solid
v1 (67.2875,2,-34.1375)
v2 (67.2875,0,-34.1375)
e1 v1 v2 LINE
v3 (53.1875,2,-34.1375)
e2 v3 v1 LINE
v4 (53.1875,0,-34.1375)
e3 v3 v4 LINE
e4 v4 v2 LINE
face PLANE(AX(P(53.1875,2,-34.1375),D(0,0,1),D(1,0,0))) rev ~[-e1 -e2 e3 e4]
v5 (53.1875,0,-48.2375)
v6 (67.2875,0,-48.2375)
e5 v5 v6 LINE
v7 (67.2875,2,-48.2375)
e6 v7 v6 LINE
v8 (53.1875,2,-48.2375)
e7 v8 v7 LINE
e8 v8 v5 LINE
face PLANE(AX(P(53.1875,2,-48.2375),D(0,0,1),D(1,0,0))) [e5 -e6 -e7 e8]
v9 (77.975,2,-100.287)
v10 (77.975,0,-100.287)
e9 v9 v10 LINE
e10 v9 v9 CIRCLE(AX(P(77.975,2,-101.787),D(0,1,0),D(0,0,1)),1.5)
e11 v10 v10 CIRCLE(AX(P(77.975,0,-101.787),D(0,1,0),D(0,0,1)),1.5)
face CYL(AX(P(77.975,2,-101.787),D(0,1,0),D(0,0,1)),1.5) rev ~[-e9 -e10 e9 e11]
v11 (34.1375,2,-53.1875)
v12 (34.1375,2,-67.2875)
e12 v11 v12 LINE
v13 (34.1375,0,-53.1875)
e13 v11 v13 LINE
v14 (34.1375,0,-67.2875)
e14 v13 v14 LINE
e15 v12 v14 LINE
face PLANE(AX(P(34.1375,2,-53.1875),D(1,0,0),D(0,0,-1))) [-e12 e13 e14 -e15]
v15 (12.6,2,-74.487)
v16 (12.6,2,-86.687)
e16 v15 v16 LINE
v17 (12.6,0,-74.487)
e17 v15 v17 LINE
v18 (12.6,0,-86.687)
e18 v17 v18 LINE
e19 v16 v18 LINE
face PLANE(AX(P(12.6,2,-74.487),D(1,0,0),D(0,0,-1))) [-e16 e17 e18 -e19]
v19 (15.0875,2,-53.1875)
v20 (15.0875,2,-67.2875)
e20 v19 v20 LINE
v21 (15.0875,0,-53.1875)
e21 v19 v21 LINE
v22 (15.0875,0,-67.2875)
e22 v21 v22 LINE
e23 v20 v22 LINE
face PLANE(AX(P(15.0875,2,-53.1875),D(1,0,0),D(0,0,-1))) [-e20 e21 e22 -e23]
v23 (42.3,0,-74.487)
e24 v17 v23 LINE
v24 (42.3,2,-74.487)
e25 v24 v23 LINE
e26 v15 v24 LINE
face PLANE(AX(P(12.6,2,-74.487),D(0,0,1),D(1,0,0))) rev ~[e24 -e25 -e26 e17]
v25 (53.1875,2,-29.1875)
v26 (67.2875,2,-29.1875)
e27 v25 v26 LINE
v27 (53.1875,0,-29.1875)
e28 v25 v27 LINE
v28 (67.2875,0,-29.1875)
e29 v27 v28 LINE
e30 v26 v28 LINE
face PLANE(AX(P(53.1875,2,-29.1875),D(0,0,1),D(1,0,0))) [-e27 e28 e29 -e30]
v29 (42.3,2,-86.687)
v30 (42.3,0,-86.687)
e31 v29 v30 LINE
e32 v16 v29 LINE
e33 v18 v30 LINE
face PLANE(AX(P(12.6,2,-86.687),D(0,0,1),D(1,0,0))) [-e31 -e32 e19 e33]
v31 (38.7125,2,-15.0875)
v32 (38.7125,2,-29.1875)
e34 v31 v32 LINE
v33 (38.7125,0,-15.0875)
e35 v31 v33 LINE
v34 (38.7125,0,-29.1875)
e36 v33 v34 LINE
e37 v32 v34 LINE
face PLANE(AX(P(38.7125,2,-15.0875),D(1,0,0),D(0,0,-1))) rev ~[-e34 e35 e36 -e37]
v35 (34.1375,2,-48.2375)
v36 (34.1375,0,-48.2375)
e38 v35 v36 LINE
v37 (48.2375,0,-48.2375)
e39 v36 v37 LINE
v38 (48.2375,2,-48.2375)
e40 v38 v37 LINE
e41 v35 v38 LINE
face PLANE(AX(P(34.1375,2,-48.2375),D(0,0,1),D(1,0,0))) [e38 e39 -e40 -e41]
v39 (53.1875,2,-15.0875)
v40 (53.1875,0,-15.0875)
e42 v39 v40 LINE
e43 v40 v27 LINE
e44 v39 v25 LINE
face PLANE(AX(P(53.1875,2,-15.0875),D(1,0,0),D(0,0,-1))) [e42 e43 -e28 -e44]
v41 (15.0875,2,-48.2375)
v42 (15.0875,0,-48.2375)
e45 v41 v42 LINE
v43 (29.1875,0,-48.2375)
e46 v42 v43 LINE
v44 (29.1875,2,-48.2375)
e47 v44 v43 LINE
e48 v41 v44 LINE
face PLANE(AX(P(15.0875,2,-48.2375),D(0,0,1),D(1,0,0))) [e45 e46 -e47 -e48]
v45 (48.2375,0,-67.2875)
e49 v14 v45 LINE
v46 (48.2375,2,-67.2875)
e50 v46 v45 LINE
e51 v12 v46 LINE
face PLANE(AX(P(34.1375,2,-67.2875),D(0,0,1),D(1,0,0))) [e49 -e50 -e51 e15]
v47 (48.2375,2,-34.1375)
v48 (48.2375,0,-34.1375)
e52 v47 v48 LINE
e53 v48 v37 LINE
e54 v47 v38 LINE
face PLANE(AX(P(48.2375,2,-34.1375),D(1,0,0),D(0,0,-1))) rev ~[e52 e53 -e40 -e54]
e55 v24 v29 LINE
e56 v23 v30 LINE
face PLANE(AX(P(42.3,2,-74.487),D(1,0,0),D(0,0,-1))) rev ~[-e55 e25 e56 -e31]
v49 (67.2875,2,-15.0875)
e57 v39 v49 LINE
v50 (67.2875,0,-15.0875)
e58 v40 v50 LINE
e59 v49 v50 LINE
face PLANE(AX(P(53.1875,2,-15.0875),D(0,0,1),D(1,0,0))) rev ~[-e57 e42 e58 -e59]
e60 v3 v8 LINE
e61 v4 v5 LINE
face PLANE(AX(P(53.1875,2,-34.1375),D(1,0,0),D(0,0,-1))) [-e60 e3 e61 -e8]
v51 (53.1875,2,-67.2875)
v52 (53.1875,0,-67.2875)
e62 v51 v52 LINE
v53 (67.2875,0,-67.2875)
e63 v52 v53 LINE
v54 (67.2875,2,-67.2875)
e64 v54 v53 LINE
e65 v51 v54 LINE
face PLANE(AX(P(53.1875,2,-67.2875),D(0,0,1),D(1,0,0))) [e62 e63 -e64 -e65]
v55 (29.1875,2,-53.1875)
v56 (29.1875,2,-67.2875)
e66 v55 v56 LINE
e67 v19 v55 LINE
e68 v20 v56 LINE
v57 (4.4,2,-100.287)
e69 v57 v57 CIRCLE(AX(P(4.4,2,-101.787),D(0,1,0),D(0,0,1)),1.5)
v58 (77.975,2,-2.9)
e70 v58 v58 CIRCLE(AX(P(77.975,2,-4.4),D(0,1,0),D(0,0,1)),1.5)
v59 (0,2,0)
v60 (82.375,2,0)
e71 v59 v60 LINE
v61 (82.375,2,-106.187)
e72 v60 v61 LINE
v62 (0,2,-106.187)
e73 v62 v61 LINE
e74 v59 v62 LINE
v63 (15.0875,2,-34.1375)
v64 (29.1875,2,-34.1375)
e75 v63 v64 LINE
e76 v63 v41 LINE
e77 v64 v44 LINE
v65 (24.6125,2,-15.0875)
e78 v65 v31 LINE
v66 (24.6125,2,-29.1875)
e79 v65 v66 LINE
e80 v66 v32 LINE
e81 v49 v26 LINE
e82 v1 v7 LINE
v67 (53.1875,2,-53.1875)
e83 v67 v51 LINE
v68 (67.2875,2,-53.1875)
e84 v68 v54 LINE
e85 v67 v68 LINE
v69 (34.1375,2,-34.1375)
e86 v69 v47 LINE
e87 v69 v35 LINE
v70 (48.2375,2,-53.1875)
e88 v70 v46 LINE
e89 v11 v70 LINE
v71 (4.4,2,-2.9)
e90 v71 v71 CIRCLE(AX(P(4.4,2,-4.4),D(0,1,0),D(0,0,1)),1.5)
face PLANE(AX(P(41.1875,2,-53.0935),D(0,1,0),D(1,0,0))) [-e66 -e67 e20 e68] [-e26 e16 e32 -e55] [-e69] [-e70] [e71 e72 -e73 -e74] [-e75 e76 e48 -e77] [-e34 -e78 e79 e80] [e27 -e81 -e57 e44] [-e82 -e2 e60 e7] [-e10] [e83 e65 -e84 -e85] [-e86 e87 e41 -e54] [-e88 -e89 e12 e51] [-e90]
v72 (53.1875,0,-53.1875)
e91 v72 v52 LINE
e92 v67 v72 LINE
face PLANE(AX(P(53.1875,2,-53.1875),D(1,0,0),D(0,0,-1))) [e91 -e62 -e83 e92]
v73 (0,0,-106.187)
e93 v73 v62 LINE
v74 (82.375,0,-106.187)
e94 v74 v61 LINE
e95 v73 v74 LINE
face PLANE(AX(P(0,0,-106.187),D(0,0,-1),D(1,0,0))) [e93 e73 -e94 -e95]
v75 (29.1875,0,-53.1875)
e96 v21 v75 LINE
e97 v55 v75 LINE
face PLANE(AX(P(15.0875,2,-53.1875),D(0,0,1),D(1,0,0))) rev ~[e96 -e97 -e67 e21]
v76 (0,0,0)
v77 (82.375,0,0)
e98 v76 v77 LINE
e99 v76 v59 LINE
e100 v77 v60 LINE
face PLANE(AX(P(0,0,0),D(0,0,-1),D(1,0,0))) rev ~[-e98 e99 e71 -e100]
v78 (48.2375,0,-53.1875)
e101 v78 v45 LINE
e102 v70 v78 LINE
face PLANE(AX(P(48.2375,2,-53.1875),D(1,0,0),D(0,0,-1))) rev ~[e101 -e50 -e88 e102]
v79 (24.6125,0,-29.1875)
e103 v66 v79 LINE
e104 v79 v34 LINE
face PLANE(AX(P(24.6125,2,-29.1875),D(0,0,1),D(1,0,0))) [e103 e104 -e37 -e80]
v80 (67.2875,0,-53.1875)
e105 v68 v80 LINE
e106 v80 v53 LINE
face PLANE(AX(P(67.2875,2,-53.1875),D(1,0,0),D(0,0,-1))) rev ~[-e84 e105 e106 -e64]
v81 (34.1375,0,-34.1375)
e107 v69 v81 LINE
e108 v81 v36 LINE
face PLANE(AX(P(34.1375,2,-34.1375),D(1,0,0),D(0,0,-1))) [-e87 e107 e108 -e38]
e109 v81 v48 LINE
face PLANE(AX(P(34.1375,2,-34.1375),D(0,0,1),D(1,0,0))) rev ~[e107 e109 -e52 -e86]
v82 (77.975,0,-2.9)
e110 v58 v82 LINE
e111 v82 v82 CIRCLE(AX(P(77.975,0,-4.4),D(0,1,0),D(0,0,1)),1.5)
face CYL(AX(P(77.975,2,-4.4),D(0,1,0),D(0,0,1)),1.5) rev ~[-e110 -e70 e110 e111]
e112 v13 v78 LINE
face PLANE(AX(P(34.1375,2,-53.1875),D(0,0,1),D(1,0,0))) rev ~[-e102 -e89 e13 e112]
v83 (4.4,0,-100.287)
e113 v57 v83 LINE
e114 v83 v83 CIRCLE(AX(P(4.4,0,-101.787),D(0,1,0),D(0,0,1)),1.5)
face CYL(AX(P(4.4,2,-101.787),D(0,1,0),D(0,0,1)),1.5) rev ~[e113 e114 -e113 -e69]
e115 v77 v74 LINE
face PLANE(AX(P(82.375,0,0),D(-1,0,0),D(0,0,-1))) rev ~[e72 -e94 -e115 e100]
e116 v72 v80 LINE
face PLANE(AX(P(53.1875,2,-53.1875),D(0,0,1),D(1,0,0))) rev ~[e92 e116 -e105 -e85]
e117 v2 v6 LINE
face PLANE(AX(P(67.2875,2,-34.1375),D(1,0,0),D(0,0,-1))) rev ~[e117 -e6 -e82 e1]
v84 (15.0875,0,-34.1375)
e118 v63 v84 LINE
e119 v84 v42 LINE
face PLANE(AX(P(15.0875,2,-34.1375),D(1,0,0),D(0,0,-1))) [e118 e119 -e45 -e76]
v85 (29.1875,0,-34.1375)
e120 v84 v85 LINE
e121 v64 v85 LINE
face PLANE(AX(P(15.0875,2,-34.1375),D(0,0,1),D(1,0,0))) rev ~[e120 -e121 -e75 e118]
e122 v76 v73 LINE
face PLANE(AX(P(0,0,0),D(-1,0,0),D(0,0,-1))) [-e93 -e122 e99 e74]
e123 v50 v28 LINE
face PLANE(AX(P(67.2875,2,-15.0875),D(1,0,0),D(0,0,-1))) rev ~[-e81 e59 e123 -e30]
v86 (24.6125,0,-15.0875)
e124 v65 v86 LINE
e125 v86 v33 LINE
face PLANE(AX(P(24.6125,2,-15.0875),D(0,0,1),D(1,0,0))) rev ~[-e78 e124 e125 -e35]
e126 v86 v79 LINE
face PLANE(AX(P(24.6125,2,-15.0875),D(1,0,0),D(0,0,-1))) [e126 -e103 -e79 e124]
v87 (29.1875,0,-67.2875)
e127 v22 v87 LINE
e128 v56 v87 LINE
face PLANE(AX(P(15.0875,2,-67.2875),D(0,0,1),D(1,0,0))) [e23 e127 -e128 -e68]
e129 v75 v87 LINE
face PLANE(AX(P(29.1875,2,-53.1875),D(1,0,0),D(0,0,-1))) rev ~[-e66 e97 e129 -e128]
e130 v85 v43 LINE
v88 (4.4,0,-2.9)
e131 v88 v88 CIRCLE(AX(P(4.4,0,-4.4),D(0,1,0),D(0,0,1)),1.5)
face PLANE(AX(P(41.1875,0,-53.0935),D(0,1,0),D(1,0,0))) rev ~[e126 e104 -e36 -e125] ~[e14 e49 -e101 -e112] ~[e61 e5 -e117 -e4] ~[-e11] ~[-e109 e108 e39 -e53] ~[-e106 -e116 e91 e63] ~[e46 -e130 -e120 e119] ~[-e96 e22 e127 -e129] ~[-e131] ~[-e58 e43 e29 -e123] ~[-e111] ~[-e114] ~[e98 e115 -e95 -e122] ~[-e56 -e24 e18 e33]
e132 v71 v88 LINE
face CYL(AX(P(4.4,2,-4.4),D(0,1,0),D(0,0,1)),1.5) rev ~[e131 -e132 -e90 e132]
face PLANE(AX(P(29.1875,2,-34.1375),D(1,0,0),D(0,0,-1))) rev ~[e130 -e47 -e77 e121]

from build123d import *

# Parameters (mm, degrees)
SKETCH1_W           = 82.375
SKETCH1_H           = 106.187
ACRYLIC_SHEET_DEPTH = 2
SKETCH2_R           = 1.5
SKETCH2_W           = 14.1
SKETCH2_H           = 14.1
SKETCH2_W_2         = 29.7
SKETCH2_H_2         = 12.2
ACRYLIC_CUT_DEPTH   = 135.407289959


with BuildPart() as part:
    # Sketch1 → Acrylic-Sheet (new body)
    with BuildSketch(Plane(origin=(0, 0, 0), x_dir=(1, 0, 0), z_dir=(0, 1, 0))):
        with Locations((41.1875, 53.0935)):
            Rectangle(SKETCH1_W, SKETCH1_H)
    extrude(amount=ACRYLIC_SHEET_DEPTH)

    # Sketch2 → Acrylic-Cut (cut, through all)
    with BuildSketch(Plane(origin=(0, 2, 0), x_dir=(1, 0, 0), z_dir=(0, 1, 0))):
        with Locations(Location((4.4, 101.787, 0), (0, 0, 270))):
            Circle(SKETCH2_R)
        with Locations(Location((77.975, 101.787, 0), (0, 0, 270))):
            Circle(SKETCH2_R)
        with Locations(Location((77.975, 4.4, 0), (0, 0, 270))):
            Circle(SKETCH2_R)
        with Locations(Location((4.4, 4.4, 0), (0, 0, 270))):
            Circle(SKETCH2_R)
        with Locations((22.1375, 60.2375)):
            Rectangle(SKETCH2_W, SKETCH2_H)
        with Locations((27.45, 80.587)):
            Rectangle(SKETCH2_W_2, SKETCH2_H_2)
        with Locations((41.1875, 60.2375)):
            Rectangle(SKETCH2_W, SKETCH2_H)
        with Locations((60.2375, 60.2375)):
            Rectangle(SKETCH2_W, SKETCH2_H)
        with Locations((22.1375, 41.1875)):
            Rectangle(SKETCH2_W, SKETCH2_H)
        with Locations((41.1875, 41.1875)):
            Rectangle(SKETCH2_W, SKETCH2_H)
        with Locations((60.2375, 41.1875)):
            Rectangle(SKETCH2_W, SKETCH2_H)
        with Locations((31.6625, 22.1375)):
            Rectangle(SKETCH2_W, SKETCH2_H)
        with Locations((60.2375, 22.1375)):
            Rectangle(SKETCH2_W, SKETCH2_H)
    extrude(amount=-ACRYLIC_CUT_DEPTH, mode=Mode.SUBTRACT)


solid = part.part
